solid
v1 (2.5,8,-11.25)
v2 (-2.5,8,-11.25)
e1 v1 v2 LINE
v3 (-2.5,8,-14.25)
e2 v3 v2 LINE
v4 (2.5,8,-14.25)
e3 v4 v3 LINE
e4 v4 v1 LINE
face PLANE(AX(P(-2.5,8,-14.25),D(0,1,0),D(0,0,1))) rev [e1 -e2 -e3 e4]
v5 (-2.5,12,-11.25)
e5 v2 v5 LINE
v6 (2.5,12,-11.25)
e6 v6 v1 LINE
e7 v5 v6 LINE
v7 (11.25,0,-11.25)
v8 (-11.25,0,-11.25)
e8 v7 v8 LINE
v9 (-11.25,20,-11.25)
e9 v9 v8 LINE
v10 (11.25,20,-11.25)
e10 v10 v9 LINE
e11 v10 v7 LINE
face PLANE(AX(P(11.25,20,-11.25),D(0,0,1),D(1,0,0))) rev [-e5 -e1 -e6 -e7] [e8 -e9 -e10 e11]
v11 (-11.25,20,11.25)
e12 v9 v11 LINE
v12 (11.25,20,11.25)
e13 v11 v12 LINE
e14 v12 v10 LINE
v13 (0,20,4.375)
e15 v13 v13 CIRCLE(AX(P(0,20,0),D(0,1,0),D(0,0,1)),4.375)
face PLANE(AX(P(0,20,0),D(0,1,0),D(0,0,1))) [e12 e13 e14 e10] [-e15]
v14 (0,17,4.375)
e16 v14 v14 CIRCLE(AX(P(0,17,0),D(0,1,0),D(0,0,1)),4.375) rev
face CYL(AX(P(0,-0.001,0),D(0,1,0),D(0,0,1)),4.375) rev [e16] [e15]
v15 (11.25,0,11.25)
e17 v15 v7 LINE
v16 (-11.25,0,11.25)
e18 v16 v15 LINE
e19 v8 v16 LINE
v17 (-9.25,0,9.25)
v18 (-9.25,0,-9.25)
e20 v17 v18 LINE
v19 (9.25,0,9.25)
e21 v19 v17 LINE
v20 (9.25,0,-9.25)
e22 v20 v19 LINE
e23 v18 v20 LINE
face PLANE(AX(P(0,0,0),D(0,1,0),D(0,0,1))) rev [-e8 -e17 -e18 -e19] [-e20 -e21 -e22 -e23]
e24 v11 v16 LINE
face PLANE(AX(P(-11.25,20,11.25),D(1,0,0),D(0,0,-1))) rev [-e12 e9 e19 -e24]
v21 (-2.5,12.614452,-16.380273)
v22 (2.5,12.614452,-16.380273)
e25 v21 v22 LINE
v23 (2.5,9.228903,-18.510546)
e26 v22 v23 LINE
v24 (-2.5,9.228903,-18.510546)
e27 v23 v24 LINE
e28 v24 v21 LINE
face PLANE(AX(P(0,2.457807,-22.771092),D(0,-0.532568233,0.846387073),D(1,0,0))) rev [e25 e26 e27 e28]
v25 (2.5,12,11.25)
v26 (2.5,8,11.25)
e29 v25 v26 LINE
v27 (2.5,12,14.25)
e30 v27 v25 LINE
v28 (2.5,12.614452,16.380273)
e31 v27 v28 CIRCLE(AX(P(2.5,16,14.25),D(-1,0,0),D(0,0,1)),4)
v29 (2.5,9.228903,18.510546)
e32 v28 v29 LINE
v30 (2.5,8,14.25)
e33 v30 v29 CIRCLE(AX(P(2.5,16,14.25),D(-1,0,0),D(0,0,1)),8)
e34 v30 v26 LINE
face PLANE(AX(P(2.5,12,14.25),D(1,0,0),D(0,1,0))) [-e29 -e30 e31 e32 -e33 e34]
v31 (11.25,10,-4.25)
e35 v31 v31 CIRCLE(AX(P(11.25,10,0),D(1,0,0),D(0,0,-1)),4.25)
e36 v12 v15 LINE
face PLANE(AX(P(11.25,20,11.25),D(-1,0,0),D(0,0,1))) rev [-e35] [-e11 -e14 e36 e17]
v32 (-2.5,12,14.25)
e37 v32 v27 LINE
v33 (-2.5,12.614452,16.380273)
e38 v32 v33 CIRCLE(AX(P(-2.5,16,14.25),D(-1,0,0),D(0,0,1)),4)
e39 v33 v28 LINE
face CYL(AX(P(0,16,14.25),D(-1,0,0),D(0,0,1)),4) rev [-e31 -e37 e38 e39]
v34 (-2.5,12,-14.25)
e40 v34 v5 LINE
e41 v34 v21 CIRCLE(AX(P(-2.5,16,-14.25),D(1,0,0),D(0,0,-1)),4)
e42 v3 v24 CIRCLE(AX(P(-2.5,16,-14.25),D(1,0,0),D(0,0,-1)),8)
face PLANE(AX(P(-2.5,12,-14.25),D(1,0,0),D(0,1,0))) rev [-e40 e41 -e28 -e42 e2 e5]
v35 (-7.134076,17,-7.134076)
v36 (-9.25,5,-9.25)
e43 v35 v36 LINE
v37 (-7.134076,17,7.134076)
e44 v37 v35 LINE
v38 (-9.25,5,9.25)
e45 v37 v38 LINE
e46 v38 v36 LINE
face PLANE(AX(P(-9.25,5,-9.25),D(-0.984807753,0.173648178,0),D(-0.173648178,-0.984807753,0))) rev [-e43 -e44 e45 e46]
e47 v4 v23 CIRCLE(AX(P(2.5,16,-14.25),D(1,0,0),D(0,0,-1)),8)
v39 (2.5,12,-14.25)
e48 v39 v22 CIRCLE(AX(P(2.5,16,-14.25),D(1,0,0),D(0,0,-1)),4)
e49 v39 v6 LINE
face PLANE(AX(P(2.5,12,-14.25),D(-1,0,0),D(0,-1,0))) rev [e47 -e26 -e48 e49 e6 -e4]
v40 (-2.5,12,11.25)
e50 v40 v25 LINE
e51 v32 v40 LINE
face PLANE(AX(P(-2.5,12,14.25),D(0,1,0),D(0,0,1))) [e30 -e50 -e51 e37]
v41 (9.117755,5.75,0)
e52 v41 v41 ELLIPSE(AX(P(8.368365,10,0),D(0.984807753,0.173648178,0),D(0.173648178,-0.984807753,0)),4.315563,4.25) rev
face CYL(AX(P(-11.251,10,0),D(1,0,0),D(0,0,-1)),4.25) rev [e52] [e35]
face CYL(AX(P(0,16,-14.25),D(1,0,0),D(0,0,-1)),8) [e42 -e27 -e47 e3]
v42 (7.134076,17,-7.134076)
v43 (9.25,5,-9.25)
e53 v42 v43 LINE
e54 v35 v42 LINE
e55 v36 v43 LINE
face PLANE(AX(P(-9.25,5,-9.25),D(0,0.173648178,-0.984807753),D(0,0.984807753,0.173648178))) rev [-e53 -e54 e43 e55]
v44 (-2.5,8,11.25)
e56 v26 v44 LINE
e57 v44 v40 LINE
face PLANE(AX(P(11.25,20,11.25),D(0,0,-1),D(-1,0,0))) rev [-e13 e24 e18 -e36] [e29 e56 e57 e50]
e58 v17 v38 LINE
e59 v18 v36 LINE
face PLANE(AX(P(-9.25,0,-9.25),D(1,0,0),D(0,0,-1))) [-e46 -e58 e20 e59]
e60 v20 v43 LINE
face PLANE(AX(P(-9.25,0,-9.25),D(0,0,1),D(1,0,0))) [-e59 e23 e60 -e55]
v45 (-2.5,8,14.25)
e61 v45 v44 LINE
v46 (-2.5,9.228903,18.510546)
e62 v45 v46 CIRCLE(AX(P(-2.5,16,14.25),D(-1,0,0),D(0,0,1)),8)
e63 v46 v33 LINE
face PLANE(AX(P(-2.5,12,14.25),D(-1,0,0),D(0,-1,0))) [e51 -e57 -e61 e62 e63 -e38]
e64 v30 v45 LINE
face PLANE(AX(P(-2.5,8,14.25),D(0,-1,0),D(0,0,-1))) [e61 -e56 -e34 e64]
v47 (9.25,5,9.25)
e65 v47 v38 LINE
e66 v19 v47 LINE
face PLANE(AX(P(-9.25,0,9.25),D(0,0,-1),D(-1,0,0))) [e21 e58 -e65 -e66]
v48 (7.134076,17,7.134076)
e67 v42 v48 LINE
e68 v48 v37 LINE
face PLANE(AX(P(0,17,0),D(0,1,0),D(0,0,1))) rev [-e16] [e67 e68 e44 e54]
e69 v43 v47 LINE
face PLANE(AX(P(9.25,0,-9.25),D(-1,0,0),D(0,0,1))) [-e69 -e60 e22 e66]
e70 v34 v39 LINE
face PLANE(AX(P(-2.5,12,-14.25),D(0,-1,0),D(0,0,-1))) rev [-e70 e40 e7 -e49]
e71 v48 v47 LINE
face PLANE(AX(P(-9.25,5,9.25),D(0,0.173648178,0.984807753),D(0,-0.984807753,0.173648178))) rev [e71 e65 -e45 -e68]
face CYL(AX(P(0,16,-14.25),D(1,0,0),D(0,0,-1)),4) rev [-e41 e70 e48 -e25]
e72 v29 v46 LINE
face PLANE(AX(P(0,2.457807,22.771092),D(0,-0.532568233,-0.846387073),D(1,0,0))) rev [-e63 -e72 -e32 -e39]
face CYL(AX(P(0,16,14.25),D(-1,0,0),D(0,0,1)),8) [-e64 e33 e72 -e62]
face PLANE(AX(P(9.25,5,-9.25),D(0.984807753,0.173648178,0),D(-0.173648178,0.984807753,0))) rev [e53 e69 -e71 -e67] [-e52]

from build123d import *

# Parameters (mm, degrees)
SKETCH1_W                    = 22.5
SKETCH1_H                    = 22.5
BOSS_EXTRUDE1_DEPTH          = 20
CUT_EXTRUDE1_START           = -5
SKETCH3_W                    = 18.5
SKETCH3_H                    = 18.5
CUT_EXTRUDE1_DEPTH           = 12
CUT_EXTRUDE1_TAPER           = 10
CUT_EXTRUDE1_OTHER_WAY_DEPTH = 5
CUT_EXTRUDE2_REACH           = 22
SKETCH2_R                    = 4.375
CUT_EXTRUDE3_REACH           = 24.5
SKETCH4_R                    = 4.25
SKETCH5_W                    = 5
SKETCH5_H                    = 4


with BuildPart() as part:
    # Sketch1 → Boss-Extrude1 (new body)
    with BuildSketch(Plane(origin=(0, 0, 0), x_dir=(1, 0, 0), z_dir=(0, 1, 0))):
        Rectangle(SKETCH1_W, SKETCH1_H)
    extrude(amount=BOSS_EXTRUDE1_DEPTH)

    # Sketch3 → Cut-Extrude1 (cut)
    with BuildSketch(Plane.XZ.offset(CUT_EXTRUDE1_START)):
        Rectangle(SKETCH3_W, SKETCH3_H)
    extrude(amount=-CUT_EXTRUDE1_DEPTH, taper=CUT_EXTRUDE1_TAPER, mode=Mode.SUBTRACT)

    # Sketch3 → Cut-Extrude1 other way (cut)
    with BuildSketch(Plane.XZ.offset(CUT_EXTRUDE1_START)):
        Rectangle(SKETCH3_W, SKETCH3_H)
    extrude(amount=CUT_EXTRUDE1_OTHER_WAY_DEPTH, mode=Mode.SUBTRACT)

    # Sketch2 → Cut-Extrude2 (cut, up to next)
    with BuildSketch(Plane(origin=(0, 20, 0), x_dir=(1, 0, 0), z_dir=(0, 1, 0)), mode=Mode.PRIVATE) as cut_extrude2_sk1:
        Circle(SKETCH2_R)
    cut_extrude2_tool1 = extrude(cut_extrude2_sk1.sketch, amount=-CUT_EXTRUDE2_REACH, mode=Mode.PRIVATE) & part.part
    add(cut_extrude2_tool1.solids().sort_by_distance((0, 20, 0))[0], mode=Mode.SUBTRACT)

    # Sketch4 → Cut-Extrude3 (cut, up to next)
    with BuildSketch(Plane(origin=(11.25, 0, 0), x_dir=(0, 0, -1), z_dir=(1, 0, 0)), mode=Mode.PRIVATE) as cut_extrude3_sk1:
        with Locations((0, 10)):
            Circle(SKETCH4_R)
    cut_extrude3_tool1 = extrude(cut_extrude3_sk1.sketch, amount=-CUT_EXTRUDE3_REACH, mode=Mode.PRIVATE) & part.part
    add(cut_extrude3_tool1.solids().sort_by_distance((11.25, 10, 0))[0], mode=Mode.SUBTRACT)

    # Sweep1: sweep along a path in Sketch6
    with BuildLine(Plane(origin=(0, 0, 0), x_dir=(0, 0, -1), z_dir=(1, 0, 0))) as sweep1_path:
        Line((11.25, 10), (14.25, 10))
        ThreePointArc((14.25, 10), (15.912838742, 10.235022349), (17.445409396, 10.921677561))
    # Sketch5 → Sweep1 (sweep)
    with BuildSketch(Plane(origin=(0, 0, -11.25), x_dir=(-1, 0, 0), z_dir=(0, 0, -1))):
        with Locations((0, 10)):
            Rectangle(SKETCH5_W, SKETCH5_H)
    sweep1 = sweep(path=sweep1_path.line)

    # Mirror1: Sweep1 across plane
    add(sweep1.mirror(Plane.XY))


solid = part.part
